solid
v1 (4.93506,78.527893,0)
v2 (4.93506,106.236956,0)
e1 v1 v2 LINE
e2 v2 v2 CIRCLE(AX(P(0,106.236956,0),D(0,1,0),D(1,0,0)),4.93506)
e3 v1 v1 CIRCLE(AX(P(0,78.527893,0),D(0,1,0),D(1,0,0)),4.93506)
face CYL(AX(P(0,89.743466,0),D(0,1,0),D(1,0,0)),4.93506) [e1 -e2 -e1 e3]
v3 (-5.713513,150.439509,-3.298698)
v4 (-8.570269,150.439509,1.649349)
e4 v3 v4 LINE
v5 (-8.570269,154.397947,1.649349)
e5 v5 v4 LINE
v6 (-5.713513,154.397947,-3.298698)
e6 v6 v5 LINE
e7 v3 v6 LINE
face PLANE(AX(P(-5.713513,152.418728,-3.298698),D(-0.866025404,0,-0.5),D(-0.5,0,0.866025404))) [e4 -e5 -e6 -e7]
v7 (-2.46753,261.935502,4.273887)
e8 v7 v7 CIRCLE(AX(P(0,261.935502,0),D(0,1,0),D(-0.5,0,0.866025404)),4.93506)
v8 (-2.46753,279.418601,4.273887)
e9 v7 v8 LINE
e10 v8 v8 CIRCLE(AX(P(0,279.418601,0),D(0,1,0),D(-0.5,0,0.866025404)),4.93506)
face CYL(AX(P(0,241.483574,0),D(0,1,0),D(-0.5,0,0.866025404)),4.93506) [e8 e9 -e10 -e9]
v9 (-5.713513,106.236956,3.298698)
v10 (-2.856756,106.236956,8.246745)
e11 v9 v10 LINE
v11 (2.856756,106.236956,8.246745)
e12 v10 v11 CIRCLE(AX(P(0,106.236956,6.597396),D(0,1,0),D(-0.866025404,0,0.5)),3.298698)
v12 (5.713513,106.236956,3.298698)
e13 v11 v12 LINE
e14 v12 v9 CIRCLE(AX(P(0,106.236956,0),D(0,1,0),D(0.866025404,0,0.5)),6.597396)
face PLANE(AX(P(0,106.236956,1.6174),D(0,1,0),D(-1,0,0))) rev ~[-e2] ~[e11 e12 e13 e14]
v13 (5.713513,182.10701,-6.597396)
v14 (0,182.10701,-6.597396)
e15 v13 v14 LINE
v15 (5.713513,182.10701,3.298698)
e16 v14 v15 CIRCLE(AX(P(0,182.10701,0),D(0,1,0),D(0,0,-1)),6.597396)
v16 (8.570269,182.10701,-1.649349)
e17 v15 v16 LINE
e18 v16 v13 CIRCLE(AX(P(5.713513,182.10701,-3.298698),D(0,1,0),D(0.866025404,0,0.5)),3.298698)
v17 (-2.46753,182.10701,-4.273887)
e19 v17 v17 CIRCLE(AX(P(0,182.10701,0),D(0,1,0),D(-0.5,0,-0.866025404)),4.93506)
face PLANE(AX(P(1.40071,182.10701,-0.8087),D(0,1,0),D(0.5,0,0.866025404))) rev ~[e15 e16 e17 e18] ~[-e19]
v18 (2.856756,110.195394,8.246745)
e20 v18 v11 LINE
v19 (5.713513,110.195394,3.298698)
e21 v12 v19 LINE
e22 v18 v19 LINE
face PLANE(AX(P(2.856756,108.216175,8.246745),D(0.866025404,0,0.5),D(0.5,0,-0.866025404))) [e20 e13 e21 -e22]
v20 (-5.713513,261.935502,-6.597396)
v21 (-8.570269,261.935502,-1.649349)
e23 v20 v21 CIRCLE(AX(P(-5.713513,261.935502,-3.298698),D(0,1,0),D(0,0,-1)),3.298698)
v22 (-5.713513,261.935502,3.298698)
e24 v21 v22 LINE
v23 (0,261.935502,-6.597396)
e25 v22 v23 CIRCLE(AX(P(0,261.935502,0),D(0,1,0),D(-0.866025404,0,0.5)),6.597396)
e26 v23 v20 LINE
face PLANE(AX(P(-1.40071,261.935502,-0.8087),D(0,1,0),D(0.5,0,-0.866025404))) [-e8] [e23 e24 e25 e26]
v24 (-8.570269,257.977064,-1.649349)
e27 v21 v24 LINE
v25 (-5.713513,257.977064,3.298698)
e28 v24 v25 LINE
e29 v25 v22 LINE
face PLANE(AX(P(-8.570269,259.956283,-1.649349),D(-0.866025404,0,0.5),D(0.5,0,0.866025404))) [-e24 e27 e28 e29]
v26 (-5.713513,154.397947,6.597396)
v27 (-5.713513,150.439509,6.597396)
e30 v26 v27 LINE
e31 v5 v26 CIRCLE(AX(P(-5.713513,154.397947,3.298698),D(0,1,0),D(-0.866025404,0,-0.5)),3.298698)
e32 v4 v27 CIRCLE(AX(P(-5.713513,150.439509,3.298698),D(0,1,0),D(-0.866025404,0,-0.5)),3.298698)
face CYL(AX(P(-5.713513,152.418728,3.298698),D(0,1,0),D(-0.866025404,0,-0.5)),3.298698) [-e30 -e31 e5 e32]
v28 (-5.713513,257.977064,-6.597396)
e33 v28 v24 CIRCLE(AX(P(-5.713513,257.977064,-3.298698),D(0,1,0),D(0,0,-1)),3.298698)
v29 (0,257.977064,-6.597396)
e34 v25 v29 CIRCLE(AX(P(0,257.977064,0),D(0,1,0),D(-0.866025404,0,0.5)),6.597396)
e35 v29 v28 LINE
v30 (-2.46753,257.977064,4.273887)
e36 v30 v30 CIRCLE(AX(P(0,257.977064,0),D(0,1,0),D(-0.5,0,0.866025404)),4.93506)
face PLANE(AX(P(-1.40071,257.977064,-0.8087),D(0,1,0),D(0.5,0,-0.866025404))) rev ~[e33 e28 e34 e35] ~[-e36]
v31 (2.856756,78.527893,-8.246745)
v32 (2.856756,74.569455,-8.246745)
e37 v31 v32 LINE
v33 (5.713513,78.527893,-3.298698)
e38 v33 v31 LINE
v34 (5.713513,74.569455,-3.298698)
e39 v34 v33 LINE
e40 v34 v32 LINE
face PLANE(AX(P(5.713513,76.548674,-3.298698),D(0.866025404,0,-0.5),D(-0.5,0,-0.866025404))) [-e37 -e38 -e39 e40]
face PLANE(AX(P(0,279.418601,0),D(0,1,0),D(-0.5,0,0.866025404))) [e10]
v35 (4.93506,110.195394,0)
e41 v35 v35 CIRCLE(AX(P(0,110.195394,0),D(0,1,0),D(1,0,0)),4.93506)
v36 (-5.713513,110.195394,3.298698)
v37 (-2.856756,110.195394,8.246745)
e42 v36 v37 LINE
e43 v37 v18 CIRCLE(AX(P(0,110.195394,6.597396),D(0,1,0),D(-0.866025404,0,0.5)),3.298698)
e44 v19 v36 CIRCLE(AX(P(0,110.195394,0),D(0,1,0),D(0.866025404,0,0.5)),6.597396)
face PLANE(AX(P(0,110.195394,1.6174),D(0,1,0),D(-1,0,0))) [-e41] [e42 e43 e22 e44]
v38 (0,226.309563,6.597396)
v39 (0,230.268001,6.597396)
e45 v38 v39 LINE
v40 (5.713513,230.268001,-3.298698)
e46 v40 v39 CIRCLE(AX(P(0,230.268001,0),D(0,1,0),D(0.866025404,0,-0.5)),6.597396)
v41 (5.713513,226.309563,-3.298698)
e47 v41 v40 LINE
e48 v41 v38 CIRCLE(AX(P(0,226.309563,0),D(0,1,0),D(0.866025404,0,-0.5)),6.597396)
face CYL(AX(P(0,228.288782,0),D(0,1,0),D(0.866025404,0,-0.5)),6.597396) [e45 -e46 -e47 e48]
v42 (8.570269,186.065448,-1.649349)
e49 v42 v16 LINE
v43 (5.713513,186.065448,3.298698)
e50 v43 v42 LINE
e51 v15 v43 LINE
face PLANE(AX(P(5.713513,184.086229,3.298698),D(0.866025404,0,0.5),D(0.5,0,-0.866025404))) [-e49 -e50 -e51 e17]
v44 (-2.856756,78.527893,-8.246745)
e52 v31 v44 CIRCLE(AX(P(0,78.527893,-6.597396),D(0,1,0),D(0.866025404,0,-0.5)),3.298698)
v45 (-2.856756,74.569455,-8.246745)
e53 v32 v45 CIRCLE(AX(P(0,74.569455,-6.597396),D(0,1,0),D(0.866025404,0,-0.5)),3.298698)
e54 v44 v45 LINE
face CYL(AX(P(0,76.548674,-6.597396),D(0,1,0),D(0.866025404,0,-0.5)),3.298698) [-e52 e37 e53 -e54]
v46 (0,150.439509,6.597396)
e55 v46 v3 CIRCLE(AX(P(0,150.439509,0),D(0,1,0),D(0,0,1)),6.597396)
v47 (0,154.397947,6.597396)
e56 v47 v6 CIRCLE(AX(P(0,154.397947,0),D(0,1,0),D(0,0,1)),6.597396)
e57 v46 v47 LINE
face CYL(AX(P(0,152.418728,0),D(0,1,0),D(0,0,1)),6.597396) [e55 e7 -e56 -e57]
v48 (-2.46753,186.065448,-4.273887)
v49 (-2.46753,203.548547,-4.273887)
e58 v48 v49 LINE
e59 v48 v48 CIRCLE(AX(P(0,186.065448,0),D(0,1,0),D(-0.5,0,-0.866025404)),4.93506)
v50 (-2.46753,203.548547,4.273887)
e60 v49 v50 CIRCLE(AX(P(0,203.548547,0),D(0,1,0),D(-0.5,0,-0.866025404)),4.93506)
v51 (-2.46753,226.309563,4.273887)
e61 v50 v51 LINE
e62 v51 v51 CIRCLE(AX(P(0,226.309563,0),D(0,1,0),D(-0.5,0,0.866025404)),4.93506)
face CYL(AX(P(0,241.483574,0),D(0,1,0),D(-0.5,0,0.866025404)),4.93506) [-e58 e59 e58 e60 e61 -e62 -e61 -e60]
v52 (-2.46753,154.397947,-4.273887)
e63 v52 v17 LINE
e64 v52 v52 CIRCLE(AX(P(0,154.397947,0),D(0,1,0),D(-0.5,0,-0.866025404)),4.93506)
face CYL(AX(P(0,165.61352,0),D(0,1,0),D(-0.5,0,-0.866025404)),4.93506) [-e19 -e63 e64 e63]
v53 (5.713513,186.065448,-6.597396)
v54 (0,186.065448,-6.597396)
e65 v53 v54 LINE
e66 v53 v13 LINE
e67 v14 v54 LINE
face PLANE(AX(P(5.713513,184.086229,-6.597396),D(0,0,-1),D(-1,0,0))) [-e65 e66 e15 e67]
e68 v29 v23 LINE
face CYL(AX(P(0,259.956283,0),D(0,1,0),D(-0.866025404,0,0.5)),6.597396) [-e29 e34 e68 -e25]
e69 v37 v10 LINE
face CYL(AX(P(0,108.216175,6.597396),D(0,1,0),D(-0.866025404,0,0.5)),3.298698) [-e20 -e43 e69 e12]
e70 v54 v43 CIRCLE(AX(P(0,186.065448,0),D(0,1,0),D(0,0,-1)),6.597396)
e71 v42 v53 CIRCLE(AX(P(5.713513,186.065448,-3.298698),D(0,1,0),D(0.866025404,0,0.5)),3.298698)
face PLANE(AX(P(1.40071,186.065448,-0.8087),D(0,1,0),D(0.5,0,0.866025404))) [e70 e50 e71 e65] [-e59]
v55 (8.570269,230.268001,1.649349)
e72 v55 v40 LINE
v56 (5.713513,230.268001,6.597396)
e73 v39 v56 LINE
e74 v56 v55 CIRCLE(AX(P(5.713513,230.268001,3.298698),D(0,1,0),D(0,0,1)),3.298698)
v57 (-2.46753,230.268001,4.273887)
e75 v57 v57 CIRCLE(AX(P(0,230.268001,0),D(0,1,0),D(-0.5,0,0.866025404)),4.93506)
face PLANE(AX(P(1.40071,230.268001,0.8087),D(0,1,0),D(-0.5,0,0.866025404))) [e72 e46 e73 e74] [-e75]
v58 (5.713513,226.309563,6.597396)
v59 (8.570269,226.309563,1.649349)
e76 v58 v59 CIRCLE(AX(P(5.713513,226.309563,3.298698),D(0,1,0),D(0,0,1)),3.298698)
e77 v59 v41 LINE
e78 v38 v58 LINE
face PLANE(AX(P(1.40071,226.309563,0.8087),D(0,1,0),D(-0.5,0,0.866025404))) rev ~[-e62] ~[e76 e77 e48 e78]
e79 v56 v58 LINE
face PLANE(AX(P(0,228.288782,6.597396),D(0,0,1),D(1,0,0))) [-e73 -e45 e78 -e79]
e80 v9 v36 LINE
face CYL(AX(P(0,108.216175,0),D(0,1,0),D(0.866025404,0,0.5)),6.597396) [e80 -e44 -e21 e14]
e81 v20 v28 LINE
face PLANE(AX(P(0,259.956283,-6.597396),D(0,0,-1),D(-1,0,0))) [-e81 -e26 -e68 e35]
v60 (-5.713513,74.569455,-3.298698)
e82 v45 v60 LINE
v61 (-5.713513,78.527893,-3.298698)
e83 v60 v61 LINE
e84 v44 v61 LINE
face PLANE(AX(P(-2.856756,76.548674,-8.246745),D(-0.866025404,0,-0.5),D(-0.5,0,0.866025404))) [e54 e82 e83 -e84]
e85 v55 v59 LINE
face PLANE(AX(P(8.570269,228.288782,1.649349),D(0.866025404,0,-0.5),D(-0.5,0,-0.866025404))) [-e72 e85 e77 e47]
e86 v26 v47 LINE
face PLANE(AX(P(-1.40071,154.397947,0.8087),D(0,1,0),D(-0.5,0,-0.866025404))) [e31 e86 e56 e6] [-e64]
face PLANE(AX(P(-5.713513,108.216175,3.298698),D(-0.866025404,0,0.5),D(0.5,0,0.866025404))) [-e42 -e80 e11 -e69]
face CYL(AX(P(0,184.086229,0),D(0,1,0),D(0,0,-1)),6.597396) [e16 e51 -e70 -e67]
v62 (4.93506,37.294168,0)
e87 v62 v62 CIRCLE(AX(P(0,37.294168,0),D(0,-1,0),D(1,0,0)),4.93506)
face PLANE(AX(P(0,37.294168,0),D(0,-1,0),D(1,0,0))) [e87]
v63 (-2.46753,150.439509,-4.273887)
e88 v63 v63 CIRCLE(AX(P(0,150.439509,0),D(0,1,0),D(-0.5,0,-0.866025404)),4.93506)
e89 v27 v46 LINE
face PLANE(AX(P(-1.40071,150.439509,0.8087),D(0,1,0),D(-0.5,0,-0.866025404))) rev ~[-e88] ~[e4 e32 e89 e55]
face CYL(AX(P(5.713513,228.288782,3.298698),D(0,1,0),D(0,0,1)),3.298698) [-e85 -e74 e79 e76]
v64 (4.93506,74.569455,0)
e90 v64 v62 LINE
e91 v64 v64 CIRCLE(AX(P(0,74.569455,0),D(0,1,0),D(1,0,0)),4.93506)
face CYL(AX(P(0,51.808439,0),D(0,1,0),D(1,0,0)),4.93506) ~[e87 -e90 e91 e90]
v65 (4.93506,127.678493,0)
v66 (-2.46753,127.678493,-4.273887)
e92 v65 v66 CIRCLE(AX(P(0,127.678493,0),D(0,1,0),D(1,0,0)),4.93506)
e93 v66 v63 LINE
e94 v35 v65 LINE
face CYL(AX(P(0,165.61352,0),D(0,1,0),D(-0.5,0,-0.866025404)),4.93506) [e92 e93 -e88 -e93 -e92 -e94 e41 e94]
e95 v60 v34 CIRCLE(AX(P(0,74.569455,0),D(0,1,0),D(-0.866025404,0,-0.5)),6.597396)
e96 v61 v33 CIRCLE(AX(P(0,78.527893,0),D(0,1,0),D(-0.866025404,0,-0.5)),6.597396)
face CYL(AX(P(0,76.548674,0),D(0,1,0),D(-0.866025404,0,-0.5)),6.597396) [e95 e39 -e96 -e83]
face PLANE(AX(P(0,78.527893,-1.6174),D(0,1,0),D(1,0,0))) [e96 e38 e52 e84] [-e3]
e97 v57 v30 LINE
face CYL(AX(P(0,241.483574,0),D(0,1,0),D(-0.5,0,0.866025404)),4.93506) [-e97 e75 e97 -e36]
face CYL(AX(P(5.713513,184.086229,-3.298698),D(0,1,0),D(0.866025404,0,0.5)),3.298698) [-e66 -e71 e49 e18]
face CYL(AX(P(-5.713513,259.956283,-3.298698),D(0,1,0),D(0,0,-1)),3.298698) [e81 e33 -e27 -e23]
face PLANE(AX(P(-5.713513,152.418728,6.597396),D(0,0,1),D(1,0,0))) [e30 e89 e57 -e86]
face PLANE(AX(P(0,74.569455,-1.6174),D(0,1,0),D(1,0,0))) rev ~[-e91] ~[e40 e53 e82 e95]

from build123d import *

# Parameters (mm, degrees)
BOSS_EXTRUDE1_DEPTH   = 3.81
BODY_MOVE_COPY2_ANGLE = 180
BOSS_EXTRUDE2_START   = 25.4
SKETCH2_R             = 9.5
BOSS_EXTRUDE2_DEPTH   = 73.025
LPATTERN1_COUNT       = 3
LPATTERN1_PITCH       = 146.05
BODY_MOVE_COPY3_ANGLE = 120
BODY_MOVE_COPY4_ANGLE = 120
SKETCH3_R             = 9.5
BOSS_EXTRUDE3_DEPTH   = 27.94
SCALE1_SCALE          = 0.51948


with BuildPart() as part:
    # Sketch1 → Boss-Extrude1 (new, symmetric)
    with BuildSketch(Plane(origin=(0, 0, 0), x_dir=(1, 0, 0), z_dir=(0, 1, 0))):
        with BuildLine():
            Line((-5.499261314, 15.875), (-10.998522628, 6.35))
            ThreePointArc((-10.998522628, 6.35), (0, -12.7), (10.998522628, 6.35))
            Line((10.998522628, 6.35), (5.499261314, 15.875))
            ThreePointArc((5.499261314, 15.875), (0, 19.05), (-5.499261314, 15.875))
        make_face()
    extrude(amount=BOSS_EXTRUDE1_DEPTH, both=True)


with BuildPart() as body_2:
    # Body-Move/Copy1: copy of part
    add(part.part.moved(Location((0, 60.96, 0))))


with BuildPart() as body_2_1:
    # Body-Move/Copy2: moved
    add(body_2.part.rotate(Axis((0, 0, 0), (0, 1, 0)), BODY_MOVE_COPY2_ANGLE))


with BuildPart() as part_1:
    add(part.part)

    add(body_2_1.part)  # Boss-Extrude2 merges body 2
    # Sketch2 → Boss-Extrude2 (add, symmetric)
    with BuildSketch(Plane(origin=(0, 0, 0), x_dir=(1, 0, 0), z_dir=(0, 1, 0)).offset(BOSS_EXTRUDE2_START)):
        Circle(SKETCH2_R)
    extrude(amount=BOSS_EXTRUDE2_DEPTH, both=True)


with BuildPart() as lpattern1_1:
    # LPattern1: pattern copy
    add(part_1.part.moved(Location(Vector(0, 1, 0) * (1 * LPATTERN1_PITCH))))


with BuildPart() as lpattern1_2:
    # LPattern1: pattern copy
    add(part_1.part.moved(Location(Vector(0, 1, 0) * (2 * LPATTERN1_PITCH))))


with BuildPart() as lpattern1_1_1:
    # Body-Move/Copy3: moved
    add(lpattern1_1.part.rotate(Axis((0, 0, 0), (0, 1, 0)), BODY_MOVE_COPY3_ANGLE))


with BuildPart() as lpattern1_2_1:
    # Body-Move/Copy4: moved
    add(lpattern1_2.part.rotate(Axis((0, 0, 0), (0, -1, 0)), BODY_MOVE_COPY4_ANGLE))


with BuildPart() as part_2:
    add(part_1.part)

    # Sketch3 → Boss-Extrude3 (add)
    with BuildSketch(Plane.XZ.offset(47.625)):
        Circle(SKETCH3_R)
    extrude(amount=BOSS_EXTRUDE3_DEPTH)

    # Combine1: union LPattern1_1, LPattern1_2
    add(lpattern1_1_1.part)
    add(lpattern1_2_1.part)


with BuildPart() as part_3:
    # Scale1: scaled about (0, 159.303825553, 0)
    add(part_2.part.scale(SCALE1_SCALE).moved(Location((0, 76.548674255, 0))))


solid = part_3.part
